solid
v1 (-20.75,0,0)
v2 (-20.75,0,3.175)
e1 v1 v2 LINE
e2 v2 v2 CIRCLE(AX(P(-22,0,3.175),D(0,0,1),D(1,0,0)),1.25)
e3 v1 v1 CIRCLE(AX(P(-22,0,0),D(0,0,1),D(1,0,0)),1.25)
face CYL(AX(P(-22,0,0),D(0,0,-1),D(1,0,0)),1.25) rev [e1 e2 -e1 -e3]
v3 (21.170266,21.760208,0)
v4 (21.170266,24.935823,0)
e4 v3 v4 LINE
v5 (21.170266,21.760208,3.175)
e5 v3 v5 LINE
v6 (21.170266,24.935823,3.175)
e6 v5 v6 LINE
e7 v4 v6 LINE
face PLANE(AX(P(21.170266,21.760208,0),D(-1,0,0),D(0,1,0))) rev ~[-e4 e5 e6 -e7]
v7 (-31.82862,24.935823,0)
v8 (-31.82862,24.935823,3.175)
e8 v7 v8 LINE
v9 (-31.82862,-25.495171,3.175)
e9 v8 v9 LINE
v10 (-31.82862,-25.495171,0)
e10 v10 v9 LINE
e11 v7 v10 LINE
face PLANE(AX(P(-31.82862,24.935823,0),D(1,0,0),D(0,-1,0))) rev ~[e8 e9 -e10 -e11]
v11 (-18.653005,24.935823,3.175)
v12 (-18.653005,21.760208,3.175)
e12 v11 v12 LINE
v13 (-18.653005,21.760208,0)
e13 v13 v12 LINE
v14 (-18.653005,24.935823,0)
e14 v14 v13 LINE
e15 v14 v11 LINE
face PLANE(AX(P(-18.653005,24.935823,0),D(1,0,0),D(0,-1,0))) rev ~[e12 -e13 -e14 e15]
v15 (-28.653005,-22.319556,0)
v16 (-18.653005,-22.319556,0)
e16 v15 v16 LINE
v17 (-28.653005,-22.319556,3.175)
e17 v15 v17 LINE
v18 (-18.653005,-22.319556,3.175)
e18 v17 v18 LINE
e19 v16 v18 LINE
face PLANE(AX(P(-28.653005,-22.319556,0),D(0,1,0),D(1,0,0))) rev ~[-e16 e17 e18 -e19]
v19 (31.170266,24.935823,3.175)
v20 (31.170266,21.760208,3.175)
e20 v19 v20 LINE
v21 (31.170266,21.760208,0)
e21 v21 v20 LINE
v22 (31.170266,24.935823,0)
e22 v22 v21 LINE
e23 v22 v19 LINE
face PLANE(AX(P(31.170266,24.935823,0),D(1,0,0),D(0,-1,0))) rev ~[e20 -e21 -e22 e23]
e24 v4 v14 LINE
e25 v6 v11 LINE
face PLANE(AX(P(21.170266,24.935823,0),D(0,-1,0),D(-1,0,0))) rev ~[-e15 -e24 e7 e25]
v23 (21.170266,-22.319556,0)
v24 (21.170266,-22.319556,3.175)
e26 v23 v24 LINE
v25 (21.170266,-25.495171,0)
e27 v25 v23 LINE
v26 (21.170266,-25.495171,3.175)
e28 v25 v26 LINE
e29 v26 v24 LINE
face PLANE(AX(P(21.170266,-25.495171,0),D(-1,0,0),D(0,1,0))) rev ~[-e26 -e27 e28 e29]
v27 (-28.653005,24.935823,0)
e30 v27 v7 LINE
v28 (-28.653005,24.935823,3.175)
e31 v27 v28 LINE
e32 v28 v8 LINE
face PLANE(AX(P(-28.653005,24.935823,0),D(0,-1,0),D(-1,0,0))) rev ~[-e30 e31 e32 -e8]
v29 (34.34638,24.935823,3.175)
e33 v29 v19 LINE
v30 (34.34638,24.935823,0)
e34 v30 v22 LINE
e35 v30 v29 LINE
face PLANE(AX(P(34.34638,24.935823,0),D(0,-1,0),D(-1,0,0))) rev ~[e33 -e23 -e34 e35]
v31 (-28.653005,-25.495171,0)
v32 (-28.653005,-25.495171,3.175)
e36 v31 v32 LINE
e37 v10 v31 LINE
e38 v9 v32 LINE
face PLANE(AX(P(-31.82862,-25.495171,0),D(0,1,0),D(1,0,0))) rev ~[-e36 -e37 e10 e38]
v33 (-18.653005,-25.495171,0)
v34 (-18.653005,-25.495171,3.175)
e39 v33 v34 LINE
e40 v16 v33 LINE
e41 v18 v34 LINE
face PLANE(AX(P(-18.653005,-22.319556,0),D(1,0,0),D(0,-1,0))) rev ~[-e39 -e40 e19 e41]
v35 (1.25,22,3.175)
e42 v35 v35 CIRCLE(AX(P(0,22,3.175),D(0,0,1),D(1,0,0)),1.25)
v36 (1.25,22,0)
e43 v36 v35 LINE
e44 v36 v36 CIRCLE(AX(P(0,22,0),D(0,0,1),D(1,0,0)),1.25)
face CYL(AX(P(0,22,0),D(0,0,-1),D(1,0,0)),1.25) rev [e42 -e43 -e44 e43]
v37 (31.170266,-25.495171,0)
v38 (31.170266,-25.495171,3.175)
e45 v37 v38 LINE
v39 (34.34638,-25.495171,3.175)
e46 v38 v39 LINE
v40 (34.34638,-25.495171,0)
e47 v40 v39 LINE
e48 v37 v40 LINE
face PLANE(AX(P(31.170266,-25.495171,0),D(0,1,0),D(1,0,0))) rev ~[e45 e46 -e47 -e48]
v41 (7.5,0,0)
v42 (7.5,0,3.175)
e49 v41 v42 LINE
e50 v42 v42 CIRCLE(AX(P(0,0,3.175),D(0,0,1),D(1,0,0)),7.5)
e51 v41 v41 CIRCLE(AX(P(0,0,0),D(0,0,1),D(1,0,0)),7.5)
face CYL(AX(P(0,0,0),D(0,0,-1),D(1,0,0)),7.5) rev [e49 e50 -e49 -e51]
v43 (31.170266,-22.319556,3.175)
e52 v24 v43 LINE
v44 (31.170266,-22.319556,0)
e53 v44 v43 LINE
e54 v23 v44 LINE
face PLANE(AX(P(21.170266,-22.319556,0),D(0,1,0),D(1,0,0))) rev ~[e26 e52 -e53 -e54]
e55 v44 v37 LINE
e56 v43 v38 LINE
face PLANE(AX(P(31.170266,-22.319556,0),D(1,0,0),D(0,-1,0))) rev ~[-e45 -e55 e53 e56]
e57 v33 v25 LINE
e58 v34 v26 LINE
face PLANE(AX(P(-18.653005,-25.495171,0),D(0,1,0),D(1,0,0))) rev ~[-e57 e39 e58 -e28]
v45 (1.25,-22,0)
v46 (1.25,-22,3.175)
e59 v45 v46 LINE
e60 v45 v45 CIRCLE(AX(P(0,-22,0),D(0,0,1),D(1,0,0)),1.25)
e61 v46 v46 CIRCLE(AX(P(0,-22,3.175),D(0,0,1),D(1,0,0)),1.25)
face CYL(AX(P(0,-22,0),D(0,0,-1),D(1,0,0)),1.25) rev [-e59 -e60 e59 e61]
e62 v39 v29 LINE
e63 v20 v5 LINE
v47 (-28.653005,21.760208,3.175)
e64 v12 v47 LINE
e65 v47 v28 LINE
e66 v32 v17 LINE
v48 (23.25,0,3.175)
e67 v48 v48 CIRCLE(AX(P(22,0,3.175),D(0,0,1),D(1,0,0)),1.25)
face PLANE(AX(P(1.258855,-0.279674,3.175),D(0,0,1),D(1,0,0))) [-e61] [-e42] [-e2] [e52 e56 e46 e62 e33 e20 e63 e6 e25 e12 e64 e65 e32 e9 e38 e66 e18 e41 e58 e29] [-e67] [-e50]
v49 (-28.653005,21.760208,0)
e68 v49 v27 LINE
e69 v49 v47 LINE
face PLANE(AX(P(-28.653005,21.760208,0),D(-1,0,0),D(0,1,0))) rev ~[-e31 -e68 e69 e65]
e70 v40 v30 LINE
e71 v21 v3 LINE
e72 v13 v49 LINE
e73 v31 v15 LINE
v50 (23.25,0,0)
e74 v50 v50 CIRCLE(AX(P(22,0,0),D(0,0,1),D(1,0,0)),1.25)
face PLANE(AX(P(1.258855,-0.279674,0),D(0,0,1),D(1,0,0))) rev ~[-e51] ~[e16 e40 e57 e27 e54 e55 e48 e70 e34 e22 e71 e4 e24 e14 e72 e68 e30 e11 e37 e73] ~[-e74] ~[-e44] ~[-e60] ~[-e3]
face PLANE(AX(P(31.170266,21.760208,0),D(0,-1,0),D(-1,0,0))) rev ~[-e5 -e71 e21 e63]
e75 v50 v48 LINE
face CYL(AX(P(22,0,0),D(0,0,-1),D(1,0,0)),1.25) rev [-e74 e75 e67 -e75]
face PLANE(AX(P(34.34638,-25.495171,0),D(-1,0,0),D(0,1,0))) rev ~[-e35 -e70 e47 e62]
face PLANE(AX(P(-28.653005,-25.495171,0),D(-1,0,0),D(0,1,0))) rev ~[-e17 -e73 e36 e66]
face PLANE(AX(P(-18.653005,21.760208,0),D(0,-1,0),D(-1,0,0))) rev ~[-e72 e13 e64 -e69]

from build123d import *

# Parameters (mm, degrees)
F0_R     = 1.25
F0_R_2   = 7.5
F1_DEPTH = 3.175


with BuildPart() as f1:
    # F0 (on Top) → F1 (new body)
    with BuildSketch(Plane.XY):
        Polygon((-28.653005, 24.935823), (-31.82862, 24.935823), (-31.82862, -25.495171), (-28.653005, -25.495171), (-28.653005, -22.319556), (-18.653005, -22.319556), (-18.653005, -25.495171), (21.170266, -25.495171), (21.170266, -22.319556), (31.170266, -22.319556), (31.170266, -25.495171), (34.34638, -25.495171), (34.34638, 24.935823), (31.170266, 24.935823), (31.170266, 21.760208), (21.170266, 21.760208), (21.170266, 24.935823), (-18.653005, 24.935823), (-18.653005, 21.760208), (-28.653005, 21.760208), align=None)
        with Locations((0, -22)):
            Circle(F0_R, mode=Mode.SUBTRACT)
        with Locations((-22, 0)):
            Circle(F0_R, mode=Mode.SUBTRACT)
        Circle(F0_R_2, mode=Mode.SUBTRACT)
        with Locations((0, 22)):
            Circle(F0_R, mode=Mode.SUBTRACT)
        with Locations((22, 0)):
            Circle(F0_R, mode=Mode.SUBTRACT)
    extrude(amount=F1_DEPTH)


solid = f1.part
